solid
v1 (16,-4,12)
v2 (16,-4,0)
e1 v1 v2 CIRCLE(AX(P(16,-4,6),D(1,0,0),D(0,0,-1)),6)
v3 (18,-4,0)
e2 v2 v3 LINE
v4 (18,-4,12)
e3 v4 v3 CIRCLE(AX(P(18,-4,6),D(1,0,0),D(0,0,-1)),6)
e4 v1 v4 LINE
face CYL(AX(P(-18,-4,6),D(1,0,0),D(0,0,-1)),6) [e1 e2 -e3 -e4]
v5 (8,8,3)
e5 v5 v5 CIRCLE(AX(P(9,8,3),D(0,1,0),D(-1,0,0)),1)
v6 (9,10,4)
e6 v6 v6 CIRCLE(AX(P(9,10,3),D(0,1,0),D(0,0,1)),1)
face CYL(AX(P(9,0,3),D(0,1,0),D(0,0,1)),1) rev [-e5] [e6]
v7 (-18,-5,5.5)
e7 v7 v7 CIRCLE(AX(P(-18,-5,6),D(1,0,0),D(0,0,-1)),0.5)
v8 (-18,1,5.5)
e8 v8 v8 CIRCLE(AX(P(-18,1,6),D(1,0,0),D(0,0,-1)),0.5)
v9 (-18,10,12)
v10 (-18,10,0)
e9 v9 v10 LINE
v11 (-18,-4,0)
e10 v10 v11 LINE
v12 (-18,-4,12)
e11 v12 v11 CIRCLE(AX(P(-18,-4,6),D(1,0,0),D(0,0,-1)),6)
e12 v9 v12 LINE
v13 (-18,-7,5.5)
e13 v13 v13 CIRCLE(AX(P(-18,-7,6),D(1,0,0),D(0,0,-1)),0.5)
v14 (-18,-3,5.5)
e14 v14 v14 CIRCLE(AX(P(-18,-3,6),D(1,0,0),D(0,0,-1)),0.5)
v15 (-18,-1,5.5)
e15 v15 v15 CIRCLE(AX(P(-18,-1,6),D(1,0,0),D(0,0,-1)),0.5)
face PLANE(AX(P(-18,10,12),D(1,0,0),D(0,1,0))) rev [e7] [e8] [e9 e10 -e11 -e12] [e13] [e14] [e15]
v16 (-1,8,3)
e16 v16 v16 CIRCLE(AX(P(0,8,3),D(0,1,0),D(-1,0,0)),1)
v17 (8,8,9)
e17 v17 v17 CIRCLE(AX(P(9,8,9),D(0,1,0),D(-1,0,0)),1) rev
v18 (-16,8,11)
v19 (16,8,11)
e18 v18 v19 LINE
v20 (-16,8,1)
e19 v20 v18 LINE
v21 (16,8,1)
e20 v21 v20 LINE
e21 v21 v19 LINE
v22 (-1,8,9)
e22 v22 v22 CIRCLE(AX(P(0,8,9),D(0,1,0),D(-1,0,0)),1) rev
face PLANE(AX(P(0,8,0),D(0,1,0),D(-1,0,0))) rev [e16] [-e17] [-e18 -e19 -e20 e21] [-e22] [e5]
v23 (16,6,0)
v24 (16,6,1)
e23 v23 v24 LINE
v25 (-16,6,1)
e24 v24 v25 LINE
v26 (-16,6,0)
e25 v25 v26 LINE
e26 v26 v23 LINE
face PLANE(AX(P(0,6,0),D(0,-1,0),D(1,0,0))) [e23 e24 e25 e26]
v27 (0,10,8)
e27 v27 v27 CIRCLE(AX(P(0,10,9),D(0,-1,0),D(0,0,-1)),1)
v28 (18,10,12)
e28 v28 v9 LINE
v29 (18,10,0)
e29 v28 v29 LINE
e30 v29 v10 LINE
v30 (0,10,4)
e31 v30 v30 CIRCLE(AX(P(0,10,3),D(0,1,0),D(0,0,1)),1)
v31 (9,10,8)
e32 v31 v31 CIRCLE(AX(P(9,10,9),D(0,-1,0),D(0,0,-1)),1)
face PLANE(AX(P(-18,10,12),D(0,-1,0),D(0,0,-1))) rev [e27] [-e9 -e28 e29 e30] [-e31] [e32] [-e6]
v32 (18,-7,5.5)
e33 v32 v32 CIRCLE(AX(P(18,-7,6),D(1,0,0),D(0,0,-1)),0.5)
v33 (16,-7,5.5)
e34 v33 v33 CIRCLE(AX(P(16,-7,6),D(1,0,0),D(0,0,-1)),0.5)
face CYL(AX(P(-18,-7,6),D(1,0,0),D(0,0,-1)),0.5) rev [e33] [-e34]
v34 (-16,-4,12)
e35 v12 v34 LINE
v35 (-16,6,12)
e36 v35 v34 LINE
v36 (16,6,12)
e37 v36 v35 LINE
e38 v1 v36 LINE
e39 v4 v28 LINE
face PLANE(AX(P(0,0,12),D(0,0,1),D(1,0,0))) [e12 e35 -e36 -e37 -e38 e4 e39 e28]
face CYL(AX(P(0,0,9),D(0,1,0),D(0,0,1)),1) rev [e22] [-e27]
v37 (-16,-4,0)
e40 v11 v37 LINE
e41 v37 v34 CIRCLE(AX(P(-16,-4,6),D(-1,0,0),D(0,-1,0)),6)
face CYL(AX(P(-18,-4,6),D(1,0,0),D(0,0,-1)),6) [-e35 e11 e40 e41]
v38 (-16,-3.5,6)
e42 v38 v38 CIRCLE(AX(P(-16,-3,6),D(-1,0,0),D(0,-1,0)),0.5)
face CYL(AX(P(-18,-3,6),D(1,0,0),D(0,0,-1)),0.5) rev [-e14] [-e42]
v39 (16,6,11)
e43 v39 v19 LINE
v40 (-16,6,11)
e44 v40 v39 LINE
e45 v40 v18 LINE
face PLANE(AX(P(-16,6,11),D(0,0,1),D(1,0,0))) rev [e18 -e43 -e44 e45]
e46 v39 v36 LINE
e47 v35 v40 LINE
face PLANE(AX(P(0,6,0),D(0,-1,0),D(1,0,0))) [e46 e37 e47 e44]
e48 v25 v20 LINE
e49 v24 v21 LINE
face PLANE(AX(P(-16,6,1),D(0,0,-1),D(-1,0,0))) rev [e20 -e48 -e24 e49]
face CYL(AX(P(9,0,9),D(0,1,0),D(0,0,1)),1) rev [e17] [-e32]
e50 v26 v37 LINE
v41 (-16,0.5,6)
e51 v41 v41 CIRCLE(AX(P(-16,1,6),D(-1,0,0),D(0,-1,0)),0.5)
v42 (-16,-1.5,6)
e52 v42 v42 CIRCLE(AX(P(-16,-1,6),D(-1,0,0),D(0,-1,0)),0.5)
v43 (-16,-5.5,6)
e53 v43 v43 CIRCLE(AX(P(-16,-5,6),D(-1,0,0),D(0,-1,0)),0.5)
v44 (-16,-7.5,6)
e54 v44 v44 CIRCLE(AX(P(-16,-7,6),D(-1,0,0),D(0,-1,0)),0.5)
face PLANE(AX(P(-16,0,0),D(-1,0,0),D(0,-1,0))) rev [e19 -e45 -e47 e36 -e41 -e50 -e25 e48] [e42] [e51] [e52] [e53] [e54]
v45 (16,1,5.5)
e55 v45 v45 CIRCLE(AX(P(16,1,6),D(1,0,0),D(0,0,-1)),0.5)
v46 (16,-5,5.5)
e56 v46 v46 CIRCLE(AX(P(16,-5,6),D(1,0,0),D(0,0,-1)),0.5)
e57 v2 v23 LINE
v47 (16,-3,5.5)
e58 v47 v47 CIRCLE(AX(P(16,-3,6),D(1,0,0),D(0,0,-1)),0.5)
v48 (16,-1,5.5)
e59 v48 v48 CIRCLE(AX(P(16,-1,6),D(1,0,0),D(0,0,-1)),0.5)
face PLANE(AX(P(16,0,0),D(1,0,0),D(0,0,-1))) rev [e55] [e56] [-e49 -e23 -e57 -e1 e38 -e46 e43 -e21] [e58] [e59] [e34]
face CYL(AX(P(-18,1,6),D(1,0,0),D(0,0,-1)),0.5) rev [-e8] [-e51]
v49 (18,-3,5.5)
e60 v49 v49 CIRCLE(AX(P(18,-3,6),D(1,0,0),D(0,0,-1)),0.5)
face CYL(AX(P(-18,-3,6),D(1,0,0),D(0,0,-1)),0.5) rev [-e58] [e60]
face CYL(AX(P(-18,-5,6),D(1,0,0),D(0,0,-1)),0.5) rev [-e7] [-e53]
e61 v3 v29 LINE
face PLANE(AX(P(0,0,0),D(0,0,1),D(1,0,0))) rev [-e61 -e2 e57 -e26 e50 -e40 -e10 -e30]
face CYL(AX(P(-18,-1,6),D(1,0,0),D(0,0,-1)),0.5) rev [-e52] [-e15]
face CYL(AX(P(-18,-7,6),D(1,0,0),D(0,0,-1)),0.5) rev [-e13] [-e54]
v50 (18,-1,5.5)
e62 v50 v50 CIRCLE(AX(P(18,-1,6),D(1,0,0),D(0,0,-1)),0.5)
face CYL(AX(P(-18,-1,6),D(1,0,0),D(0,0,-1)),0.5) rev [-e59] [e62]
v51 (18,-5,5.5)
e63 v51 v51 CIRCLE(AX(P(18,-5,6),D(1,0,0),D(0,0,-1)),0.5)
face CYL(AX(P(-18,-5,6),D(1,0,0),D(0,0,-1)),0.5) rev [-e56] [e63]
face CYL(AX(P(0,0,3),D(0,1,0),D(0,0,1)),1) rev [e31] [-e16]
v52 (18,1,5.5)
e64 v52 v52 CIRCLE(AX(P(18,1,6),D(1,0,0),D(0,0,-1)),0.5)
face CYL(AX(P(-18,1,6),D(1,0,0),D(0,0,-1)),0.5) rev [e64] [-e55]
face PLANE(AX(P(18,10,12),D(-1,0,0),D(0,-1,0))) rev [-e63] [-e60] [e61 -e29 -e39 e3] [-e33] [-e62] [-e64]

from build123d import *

# Parameters (mm, degrees)
SKETCH1_W           = 36
SKETCH1_H           = 20
BOSS_EXTRUDE1_DEPTH = 12
SKETCH3_W           = 32
SKETCH3_H           = 16
CUT_EXTRUDE1_DEPTH  = 12
SKETCH4_W           = 32
SKETCH4_H           = 12
CUT_EXTRUDE2_DEPTH  = 12
CUT_EXTRUDE3_DEPTH  = 40.242833741
SKETCH5_R           = 1
CUT_EXTRUDE4_DEPTH  = 10
SKETCH6_R           = 0.5
CUT_EXTRUDE5_DEPTH  = 40.242833741
SKETCH7_W           = 32
SKETCH7_H           = 1
BOSS_EXTRUDE2_DEPTH = 2


with BuildPart() as part:
    # Sketch1 → Boss-Extrude1 (new body)
    with BuildSketch(Plane.XY):
        Rectangle(SKETCH1_W, SKETCH1_H)
    extrude(amount=BOSS_EXTRUDE1_DEPTH)

    # Sketch3 → Cut-Extrude1 (cut)
    with BuildSketch(Plane.XY.offset(12)):
        Rectangle(SKETCH3_W, SKETCH3_H)
    extrude(amount=-CUT_EXTRUDE1_DEPTH, mode=Mode.SUBTRACT)

    # Sketch4 → Cut-Extrude2 (cut)
    with BuildSketch(Plane(origin=(0, -8, 0), x_dir=(1, 0, 0), z_dir=(0, 1, 0))):
        with Locations((0, -6)):
            Rectangle(SKETCH4_W, SKETCH4_H)
    extrude(amount=-CUT_EXTRUDE2_DEPTH, mode=Mode.SUBTRACT)

    # Sketch2 → Cut-Extrude3 (cut, through all)
    with BuildSketch(Plane(origin=(18, 0, 0), x_dir=(0, 0, -1), z_dir=(1, 0, 0))):
        with BuildLine():
            Line((-12, -10), (-6, -10))
            ThreePointArc((-6, -10), (-10.242640687, -8.242640687), (-12, -4))
            Line((-12, -4), (-12, -10))
        make_face()
        with BuildLine():
            Line((-6, -10), (0, -10))
            Line((0, -10), (0, -4))
            ThreePointArc((0, -4), (-1.757359313, -8.242640687), (-6, -10))
        make_face()
    extrude(amount=-CUT_EXTRUDE3_DEPTH, mode=Mode.SUBTRACT)

    # Sketch5 → Cut-Extrude4 (cut)
    with BuildSketch(Plane(origin=(0, 10, 0), x_dir=(1, 0, 0), z_dir=(0, 1, 0))):
        with Locations(Location((9, -3, 0), (0, 0, 270))):
            Circle(SKETCH5_R)
        with Locations(Location((9, -9, 0), (0, 0, 180))):
            Circle(SKETCH5_R)
        with Locations(Location((0, -9, 0), (0, 0, 180))):
            Circle(SKETCH5_R)
        with Locations(Location((0, -3, 0), (0, 0, 270))):
            Circle(SKETCH5_R)
    extrude(amount=-CUT_EXTRUDE4_DEPTH, mode=Mode.SUBTRACT)

    # Sketch6 → Cut-Extrude5 (cut, through all)
    with BuildSketch(Plane(origin=(18, 0, 0), x_dir=(0, 0, -1), z_dir=(1, 0, 0))):
        with Locations((-6, -7)):
            Circle(SKETCH6_R)
        with Locations((-6, -5)):
            Circle(SKETCH6_R)
        with Locations((-6, -3)):
            Circle(SKETCH6_R)
        with Locations((-6, -1)):
            Circle(SKETCH6_R)
        with Locations((-6, 1)):
            Circle(SKETCH6_R)
    extrude(amount=-CUT_EXTRUDE5_DEPTH, mode=Mode.SUBTRACT)

    # Sketch7 → Boss-Extrude2 (add)
    with BuildSketch(Plane.XZ.offset(-8)):
        with Locations((0, 11.5)):
            Rectangle(SKETCH7_W, SKETCH7_H)
        with Locations((0, 0.5)):
            Rectangle(SKETCH7_W, SKETCH7_H)
    extrude(amount=BOSS_EXTRUDE2_DEPTH)


solid = part.part
